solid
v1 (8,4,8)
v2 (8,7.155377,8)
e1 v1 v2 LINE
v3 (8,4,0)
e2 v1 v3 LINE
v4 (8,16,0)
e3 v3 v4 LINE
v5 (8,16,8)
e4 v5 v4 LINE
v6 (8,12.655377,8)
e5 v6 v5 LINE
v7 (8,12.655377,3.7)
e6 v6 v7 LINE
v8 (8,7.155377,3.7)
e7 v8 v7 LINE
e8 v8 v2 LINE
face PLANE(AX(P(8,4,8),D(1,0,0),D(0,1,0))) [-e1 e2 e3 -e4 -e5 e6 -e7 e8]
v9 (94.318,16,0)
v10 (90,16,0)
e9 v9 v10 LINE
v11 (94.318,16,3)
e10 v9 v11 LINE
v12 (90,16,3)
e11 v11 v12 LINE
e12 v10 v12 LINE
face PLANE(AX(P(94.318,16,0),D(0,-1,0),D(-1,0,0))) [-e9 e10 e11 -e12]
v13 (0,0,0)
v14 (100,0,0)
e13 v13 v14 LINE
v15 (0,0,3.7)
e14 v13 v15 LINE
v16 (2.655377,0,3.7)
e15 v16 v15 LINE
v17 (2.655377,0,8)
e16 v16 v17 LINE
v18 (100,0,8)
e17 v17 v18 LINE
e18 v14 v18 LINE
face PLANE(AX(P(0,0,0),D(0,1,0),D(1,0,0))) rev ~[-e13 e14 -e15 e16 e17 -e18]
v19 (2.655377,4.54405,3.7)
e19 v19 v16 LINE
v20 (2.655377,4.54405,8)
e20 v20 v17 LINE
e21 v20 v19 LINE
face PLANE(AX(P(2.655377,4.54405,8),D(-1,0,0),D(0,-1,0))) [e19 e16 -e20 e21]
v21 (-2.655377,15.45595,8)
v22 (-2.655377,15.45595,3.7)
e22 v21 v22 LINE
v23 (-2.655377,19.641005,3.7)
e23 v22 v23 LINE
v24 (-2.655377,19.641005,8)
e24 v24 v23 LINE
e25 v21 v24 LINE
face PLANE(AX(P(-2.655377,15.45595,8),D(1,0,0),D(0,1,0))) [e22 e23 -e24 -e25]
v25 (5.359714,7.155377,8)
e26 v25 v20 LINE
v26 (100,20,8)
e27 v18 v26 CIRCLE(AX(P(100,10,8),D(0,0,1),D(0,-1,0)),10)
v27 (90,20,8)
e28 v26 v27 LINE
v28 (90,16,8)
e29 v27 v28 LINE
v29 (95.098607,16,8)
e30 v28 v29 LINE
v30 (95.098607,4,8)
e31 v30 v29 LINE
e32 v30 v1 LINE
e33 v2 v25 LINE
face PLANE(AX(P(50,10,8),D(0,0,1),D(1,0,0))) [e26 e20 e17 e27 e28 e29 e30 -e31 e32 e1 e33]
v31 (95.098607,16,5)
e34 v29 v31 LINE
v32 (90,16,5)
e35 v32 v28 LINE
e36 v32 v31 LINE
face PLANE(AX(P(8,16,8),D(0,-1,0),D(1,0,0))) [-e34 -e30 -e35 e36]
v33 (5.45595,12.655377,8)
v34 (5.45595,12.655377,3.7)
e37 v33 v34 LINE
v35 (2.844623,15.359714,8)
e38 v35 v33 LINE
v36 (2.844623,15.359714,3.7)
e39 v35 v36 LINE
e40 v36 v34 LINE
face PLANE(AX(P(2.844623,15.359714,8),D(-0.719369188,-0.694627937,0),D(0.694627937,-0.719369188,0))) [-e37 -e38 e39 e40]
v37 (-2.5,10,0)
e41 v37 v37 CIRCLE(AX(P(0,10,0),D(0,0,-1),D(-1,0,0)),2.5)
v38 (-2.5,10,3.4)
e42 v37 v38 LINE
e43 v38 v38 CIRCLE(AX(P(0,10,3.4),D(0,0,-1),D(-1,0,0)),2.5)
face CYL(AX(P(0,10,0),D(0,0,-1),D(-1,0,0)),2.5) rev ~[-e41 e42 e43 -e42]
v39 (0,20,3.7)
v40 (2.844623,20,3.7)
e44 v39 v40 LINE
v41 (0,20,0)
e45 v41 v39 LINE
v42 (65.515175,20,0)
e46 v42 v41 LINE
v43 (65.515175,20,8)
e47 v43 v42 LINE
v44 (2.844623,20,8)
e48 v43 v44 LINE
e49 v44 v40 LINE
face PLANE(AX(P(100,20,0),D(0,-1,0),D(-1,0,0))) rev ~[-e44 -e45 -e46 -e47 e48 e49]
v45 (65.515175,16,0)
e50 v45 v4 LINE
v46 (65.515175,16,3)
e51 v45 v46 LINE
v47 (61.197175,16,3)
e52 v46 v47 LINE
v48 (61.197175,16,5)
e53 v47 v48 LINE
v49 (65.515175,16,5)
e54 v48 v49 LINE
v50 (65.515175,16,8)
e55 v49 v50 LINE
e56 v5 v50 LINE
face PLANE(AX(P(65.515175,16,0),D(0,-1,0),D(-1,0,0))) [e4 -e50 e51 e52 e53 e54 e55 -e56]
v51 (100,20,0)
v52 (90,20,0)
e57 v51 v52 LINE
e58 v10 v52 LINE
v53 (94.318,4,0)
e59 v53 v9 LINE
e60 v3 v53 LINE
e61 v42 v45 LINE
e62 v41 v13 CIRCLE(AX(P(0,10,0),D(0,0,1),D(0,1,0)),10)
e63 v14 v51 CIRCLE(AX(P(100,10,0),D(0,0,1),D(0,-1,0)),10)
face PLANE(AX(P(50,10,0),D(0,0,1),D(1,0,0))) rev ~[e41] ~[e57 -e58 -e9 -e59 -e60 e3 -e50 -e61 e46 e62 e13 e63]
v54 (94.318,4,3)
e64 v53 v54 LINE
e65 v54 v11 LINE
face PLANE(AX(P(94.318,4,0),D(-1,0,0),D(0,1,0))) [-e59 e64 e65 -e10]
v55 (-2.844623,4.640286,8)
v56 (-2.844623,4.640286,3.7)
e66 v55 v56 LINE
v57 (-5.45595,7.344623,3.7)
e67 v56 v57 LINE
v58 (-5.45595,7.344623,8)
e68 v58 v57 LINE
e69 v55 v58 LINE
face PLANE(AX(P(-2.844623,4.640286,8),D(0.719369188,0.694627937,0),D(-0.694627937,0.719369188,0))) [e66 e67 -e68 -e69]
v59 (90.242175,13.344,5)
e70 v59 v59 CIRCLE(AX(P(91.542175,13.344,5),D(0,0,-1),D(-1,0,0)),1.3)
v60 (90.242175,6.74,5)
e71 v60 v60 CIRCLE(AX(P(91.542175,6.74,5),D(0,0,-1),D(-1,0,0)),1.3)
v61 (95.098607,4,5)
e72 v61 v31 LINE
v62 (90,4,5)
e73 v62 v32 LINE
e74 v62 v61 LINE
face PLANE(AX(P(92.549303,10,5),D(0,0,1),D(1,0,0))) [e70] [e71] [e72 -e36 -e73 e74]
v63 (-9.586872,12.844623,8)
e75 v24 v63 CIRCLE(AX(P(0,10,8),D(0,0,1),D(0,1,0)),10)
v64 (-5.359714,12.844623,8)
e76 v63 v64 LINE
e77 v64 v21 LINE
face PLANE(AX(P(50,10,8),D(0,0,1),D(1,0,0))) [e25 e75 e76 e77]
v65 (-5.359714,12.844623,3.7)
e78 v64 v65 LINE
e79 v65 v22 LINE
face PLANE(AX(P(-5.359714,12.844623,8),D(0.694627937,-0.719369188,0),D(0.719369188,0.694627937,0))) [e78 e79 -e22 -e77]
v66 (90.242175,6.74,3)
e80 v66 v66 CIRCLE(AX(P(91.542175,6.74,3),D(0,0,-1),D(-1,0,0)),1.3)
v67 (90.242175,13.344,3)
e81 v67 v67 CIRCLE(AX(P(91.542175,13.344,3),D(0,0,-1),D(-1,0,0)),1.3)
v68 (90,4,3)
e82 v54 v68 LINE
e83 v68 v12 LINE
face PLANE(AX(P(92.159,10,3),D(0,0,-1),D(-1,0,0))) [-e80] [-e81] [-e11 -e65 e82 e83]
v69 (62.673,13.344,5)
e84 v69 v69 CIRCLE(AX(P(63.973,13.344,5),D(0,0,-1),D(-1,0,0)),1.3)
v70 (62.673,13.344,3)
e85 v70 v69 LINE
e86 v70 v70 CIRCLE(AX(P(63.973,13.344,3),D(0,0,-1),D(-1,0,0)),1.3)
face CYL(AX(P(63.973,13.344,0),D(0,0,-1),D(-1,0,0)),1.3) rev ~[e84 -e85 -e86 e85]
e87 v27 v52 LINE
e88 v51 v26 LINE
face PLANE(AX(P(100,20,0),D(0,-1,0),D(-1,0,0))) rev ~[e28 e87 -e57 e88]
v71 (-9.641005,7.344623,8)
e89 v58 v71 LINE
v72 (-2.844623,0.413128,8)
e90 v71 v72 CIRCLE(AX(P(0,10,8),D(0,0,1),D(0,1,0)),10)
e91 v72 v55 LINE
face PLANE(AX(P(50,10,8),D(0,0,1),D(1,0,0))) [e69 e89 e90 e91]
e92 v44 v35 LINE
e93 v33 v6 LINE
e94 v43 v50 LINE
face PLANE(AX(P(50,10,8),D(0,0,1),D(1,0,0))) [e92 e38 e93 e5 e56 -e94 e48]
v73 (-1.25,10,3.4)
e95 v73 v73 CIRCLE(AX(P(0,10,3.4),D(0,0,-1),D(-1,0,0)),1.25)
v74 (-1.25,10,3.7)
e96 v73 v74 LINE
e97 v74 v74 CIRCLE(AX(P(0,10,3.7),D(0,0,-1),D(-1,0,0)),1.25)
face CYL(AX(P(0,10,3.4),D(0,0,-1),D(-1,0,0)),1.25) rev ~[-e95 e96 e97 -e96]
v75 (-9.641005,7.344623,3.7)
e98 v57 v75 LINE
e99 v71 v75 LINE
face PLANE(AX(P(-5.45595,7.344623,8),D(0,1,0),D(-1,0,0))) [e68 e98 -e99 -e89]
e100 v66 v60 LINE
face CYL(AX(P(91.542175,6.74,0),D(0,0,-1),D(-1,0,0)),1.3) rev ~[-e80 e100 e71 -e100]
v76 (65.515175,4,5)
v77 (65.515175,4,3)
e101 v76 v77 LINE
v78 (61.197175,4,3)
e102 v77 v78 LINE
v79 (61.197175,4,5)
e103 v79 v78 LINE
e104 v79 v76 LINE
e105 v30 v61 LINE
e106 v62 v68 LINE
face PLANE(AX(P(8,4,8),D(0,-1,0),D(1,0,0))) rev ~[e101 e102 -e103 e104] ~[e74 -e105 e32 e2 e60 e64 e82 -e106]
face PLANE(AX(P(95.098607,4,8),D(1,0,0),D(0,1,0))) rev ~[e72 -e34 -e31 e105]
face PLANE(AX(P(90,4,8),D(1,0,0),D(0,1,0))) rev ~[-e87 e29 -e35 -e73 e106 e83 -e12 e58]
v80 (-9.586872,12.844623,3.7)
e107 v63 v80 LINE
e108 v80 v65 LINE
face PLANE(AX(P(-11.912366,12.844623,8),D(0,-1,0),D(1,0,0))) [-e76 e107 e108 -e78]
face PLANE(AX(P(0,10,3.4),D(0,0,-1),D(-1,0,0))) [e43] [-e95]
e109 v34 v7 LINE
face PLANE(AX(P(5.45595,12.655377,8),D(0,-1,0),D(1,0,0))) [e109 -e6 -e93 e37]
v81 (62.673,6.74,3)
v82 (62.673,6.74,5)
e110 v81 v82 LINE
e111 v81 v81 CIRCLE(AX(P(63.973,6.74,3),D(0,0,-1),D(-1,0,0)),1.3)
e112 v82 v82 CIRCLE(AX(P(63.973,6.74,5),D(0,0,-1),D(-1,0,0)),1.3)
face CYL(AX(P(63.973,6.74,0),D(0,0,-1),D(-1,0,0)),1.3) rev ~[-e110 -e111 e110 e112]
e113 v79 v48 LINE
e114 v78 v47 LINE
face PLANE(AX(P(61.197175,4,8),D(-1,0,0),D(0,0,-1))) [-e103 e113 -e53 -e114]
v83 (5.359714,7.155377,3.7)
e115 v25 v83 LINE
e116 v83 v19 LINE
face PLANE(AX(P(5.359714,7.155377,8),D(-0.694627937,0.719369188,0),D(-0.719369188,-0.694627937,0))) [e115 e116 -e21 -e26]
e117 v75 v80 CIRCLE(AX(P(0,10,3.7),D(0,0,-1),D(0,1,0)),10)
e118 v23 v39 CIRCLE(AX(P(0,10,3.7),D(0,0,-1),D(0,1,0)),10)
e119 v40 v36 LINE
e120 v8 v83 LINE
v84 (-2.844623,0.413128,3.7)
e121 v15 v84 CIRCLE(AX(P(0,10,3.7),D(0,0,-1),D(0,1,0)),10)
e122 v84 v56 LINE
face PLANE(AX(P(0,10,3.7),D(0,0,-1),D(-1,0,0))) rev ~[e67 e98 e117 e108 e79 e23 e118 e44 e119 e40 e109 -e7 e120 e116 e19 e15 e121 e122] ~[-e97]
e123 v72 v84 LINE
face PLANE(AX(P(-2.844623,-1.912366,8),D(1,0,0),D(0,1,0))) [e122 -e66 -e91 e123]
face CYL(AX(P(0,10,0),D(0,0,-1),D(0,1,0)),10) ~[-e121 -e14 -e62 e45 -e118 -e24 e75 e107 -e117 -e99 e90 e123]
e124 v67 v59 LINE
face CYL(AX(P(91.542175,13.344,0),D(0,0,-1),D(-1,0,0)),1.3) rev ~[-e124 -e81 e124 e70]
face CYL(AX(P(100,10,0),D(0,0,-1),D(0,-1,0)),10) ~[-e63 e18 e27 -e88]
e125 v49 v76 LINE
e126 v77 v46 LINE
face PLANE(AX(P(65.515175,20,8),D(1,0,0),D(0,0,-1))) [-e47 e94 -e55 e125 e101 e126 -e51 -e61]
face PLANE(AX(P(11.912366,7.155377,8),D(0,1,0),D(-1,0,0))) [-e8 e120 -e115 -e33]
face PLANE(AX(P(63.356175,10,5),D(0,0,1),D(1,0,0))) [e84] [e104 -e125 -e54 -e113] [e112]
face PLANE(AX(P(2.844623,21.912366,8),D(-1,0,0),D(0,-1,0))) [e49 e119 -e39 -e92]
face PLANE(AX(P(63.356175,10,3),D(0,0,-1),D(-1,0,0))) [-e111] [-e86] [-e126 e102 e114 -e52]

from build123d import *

# Parameters (mm, degrees)
BOSS_EXTRU_1_DEPTH       = 8
ESQUISSE4_W              = 82
ESQUISSE4_H              = 12
ENL_V_MAT_EXTRU_3_DEPTH  = 9
BOSS_EXTRU_2_REACH       = 18
ESQUISSE6_W              = 4.318
ESQUISSE6_H              = 8
ESQUISSE7_R              = 1.3
ENL_V_MAT_EXTRU_5_DEPTH  = 10
ESQUISSE8_W              = 5.09860661
ESQUISSE8_H              = 12
ESQUISSE8_W_2            = 4.318
ENL_V_MAT_EXTRU_6_DEPTH  = 3
ESQUISSE13_R             = 4
ENL_V_MAT_EXTRU_9_DEPTH  = 4.3
ENL_V_MAT_EXTRU_10_DEPTH = 4.3
ESQUISSE15_R             = 2.5
ENL_V_MAT_EXTRU_11_DEPTH = 3.4
ENL_V_MAT_EXTRU_12_REACH = 6.6
ESQUISSE16_R             = 1.25
ESQUISSE17_W             = 24.484825334
ESQUISSE17_H             = 8
ENL_V_MAT_EXTRU_13_DEPTH = 4.3
ESQUISSE18_W             = 4.318
ESQUISSE18_H             = 12
ENL_V_MAT_EXTRU_14_DEPTH = 3


with BuildPart() as part:
    # Esquisse1 → Boss.-Extru.1 (new body)
    with BuildSketch(Plane.XY):
        with BuildLine():
            Line((0, 0), (100, 0))
            ThreePointArc((100, 0), (110, 10), (100, 20))
            Line((100, 20), (0, 20))
            ThreePointArc((0, 20), (-10, 10), (0, 0))
        make_face()
    extrude(amount=BOSS_EXTRU_1_DEPTH)

    # Esquisse4 → Enlèv. mat.-Extru.3 (cut, through all)
    with BuildSketch(Plane.XY.offset(8)):
        with Locations((49, 10)):
            Rectangle(ESQUISSE4_W, ESQUISSE4_H)
    extrude(amount=-ENL_V_MAT_EXTRU_3_DEPTH, mode=Mode.SUBTRACT)

    # Esquisse6 → Boss.-Extru.2 (add, up to next)
    with BuildSketch(Plane(origin=(0, 4, 0), x_dir=(1, 0, 0), z_dir=(0, 1, 0)), mode=Mode.PRIVATE) as boss_extru_2_sk1:
        with Locations((63.356174666, -4)):
            Rectangle(ESQUISSE6_W, ESQUISSE6_H)
    boss_extru_2_tool1 = extrude(boss_extru_2_sk1.sketch, amount=BOSS_EXTRU_2_REACH, mode=Mode.PRIVATE) - part.part
    add(boss_extru_2_tool1.solids().sort_by_distance((63.356175, 4, 4))[0])

    # Esquisse7 → Enlèv. mat.-Extru.5 (cut)
    with BuildSketch(Plane(origin=(0, 0, 0), x_dir=(-1, 0, 0), z_dir=(0, 0, -1))):
        with Locations((-91.542174666, 13.344)):
            Circle(ESQUISSE7_R)
        with Locations((-91.542174666, 6.74)):
            Circle(ESQUISSE7_R)
        with Locations((-63.973, 6.74)):
            Circle(ESQUISSE7_R)
        with Locations((-63.973, 13.344)):
            Circle(ESQUISSE7_R)
    extrude(amount=-ENL_V_MAT_EXTRU_5_DEPTH, mode=Mode.SUBTRACT)

    # Esquisse8 → Enlèv. mat.-Extru.6 (cut)
    with BuildSketch(Plane.XY.offset(8)):
        with Locations((92.549303305, 10)):
            Rectangle(ESQUISSE8_W, ESQUISSE8_H)
        with Locations((63.356174666, 10)):
            Rectangle(ESQUISSE8_W_2, ESQUISSE8_H)
    extrude(amount=-ENL_V_MAT_EXTRU_6_DEPTH, mode=Mode.SUBTRACT)

    # Esquisse13 → Enlèv. mat.-Extru.9 (cut)
    with BuildSketch(Plane.XY.offset(8)):
        with Locations((0, 10)):
            Circle(ESQUISSE13_R)
    extrude(amount=-ENL_V_MAT_EXTRU_9_DEPTH, mode=Mode.SUBTRACT)

    # Esquisse14 → Enlèv. mat.-Extru.10 (cut)
    with BuildSketch(Plane.XY.offset(8)):
        Polygon((2.655377087, 4.544050257), (2.655377087, -2.008601379), (-2.844622913, -1.912365766), (-2.844622913, 4.640285869), (-5.455949743, 7.344622913), (-12.008601379, 7.344622913), (-11.912365766, 12.844622913), (-5.359714131, 12.844622913), (-2.655377087, 15.455949743), (-2.655377087, 22.008601379), (2.844622913, 21.912365766), (2.844622913, 15.359714131), (5.455949743, 12.655377087), (12.008601379, 12.655377087), (11.912365766, 7.155377087), (5.359714131, 7.155377087), align=None)
    extrude(amount=-ENL_V_MAT_EXTRU_10_DEPTH, mode=Mode.SUBTRACT)

    # Esquisse15 → Enlèv. mat.-Extru.11 (cut)
    with BuildSketch(Plane(origin=(0, 0, 0), x_dir=(-1, 0, 0), z_dir=(0, 0, -1))):
        with Locations((0, 10)):
            Circle(ESQUISSE15_R)
    extrude(amount=-ENL_V_MAT_EXTRU_11_DEPTH, mode=Mode.SUBTRACT)

    # Esquisse16 → Enlèv. mat.-Extru.12 (cut, up to next)
    with BuildSketch(Plane(origin=(0, 0, 3.4), x_dir=(-1, 0, 0), z_dir=(0, 0, -1)), mode=Mode.PRIVATE) as enl_v_mat_extru_12_sk1:
        with Locations((0, 10)):
            Circle(ESQUISSE16_R)
    enl_v_mat_extru_12_tool1 = extrude(enl_v_mat_extru_12_sk1.sketch, amount=-ENL_V_MAT_EXTRU_12_REACH, mode=Mode.PRIVATE) & part.part
    add(enl_v_mat_extru_12_tool1.solids().sort_by_distance((0, 10, 3.4))[0], mode=Mode.SUBTRACT)

    # Esquisse17 → Enlèv. mat.-Extru.13 (cut)
    with BuildSketch(Plane(origin=(0, 20, 0), x_dir=(1, 0, 0), z_dir=(0, 1, 0))):
        with Locations((77.757587333, -4)):
            Rectangle(ESQUISSE17_W, ESQUISSE17_H)
    extrude(amount=-ENL_V_MAT_EXTRU_13_DEPTH, mode=Mode.SUBTRACT)

    # Esquisse18 → Enlèv. mat.-Extru.14 (cut)
    with BuildSketch(Plane(origin=(0, 0, 0), x_dir=(-1, 0, 0), z_dir=(0, 0, -1))):
        with Locations((-63.356174666, 10)):
            Rectangle(ESQUISSE18_W, ESQUISSE18_H)
        with Locations((-92.159, 10)):
            Rectangle(ESQUISSE18_W, ESQUISSE18_H)
    extrude(amount=-ENL_V_MAT_EXTRU_14_DEPTH, mode=Mode.SUBTRACT)


solid = part.part
